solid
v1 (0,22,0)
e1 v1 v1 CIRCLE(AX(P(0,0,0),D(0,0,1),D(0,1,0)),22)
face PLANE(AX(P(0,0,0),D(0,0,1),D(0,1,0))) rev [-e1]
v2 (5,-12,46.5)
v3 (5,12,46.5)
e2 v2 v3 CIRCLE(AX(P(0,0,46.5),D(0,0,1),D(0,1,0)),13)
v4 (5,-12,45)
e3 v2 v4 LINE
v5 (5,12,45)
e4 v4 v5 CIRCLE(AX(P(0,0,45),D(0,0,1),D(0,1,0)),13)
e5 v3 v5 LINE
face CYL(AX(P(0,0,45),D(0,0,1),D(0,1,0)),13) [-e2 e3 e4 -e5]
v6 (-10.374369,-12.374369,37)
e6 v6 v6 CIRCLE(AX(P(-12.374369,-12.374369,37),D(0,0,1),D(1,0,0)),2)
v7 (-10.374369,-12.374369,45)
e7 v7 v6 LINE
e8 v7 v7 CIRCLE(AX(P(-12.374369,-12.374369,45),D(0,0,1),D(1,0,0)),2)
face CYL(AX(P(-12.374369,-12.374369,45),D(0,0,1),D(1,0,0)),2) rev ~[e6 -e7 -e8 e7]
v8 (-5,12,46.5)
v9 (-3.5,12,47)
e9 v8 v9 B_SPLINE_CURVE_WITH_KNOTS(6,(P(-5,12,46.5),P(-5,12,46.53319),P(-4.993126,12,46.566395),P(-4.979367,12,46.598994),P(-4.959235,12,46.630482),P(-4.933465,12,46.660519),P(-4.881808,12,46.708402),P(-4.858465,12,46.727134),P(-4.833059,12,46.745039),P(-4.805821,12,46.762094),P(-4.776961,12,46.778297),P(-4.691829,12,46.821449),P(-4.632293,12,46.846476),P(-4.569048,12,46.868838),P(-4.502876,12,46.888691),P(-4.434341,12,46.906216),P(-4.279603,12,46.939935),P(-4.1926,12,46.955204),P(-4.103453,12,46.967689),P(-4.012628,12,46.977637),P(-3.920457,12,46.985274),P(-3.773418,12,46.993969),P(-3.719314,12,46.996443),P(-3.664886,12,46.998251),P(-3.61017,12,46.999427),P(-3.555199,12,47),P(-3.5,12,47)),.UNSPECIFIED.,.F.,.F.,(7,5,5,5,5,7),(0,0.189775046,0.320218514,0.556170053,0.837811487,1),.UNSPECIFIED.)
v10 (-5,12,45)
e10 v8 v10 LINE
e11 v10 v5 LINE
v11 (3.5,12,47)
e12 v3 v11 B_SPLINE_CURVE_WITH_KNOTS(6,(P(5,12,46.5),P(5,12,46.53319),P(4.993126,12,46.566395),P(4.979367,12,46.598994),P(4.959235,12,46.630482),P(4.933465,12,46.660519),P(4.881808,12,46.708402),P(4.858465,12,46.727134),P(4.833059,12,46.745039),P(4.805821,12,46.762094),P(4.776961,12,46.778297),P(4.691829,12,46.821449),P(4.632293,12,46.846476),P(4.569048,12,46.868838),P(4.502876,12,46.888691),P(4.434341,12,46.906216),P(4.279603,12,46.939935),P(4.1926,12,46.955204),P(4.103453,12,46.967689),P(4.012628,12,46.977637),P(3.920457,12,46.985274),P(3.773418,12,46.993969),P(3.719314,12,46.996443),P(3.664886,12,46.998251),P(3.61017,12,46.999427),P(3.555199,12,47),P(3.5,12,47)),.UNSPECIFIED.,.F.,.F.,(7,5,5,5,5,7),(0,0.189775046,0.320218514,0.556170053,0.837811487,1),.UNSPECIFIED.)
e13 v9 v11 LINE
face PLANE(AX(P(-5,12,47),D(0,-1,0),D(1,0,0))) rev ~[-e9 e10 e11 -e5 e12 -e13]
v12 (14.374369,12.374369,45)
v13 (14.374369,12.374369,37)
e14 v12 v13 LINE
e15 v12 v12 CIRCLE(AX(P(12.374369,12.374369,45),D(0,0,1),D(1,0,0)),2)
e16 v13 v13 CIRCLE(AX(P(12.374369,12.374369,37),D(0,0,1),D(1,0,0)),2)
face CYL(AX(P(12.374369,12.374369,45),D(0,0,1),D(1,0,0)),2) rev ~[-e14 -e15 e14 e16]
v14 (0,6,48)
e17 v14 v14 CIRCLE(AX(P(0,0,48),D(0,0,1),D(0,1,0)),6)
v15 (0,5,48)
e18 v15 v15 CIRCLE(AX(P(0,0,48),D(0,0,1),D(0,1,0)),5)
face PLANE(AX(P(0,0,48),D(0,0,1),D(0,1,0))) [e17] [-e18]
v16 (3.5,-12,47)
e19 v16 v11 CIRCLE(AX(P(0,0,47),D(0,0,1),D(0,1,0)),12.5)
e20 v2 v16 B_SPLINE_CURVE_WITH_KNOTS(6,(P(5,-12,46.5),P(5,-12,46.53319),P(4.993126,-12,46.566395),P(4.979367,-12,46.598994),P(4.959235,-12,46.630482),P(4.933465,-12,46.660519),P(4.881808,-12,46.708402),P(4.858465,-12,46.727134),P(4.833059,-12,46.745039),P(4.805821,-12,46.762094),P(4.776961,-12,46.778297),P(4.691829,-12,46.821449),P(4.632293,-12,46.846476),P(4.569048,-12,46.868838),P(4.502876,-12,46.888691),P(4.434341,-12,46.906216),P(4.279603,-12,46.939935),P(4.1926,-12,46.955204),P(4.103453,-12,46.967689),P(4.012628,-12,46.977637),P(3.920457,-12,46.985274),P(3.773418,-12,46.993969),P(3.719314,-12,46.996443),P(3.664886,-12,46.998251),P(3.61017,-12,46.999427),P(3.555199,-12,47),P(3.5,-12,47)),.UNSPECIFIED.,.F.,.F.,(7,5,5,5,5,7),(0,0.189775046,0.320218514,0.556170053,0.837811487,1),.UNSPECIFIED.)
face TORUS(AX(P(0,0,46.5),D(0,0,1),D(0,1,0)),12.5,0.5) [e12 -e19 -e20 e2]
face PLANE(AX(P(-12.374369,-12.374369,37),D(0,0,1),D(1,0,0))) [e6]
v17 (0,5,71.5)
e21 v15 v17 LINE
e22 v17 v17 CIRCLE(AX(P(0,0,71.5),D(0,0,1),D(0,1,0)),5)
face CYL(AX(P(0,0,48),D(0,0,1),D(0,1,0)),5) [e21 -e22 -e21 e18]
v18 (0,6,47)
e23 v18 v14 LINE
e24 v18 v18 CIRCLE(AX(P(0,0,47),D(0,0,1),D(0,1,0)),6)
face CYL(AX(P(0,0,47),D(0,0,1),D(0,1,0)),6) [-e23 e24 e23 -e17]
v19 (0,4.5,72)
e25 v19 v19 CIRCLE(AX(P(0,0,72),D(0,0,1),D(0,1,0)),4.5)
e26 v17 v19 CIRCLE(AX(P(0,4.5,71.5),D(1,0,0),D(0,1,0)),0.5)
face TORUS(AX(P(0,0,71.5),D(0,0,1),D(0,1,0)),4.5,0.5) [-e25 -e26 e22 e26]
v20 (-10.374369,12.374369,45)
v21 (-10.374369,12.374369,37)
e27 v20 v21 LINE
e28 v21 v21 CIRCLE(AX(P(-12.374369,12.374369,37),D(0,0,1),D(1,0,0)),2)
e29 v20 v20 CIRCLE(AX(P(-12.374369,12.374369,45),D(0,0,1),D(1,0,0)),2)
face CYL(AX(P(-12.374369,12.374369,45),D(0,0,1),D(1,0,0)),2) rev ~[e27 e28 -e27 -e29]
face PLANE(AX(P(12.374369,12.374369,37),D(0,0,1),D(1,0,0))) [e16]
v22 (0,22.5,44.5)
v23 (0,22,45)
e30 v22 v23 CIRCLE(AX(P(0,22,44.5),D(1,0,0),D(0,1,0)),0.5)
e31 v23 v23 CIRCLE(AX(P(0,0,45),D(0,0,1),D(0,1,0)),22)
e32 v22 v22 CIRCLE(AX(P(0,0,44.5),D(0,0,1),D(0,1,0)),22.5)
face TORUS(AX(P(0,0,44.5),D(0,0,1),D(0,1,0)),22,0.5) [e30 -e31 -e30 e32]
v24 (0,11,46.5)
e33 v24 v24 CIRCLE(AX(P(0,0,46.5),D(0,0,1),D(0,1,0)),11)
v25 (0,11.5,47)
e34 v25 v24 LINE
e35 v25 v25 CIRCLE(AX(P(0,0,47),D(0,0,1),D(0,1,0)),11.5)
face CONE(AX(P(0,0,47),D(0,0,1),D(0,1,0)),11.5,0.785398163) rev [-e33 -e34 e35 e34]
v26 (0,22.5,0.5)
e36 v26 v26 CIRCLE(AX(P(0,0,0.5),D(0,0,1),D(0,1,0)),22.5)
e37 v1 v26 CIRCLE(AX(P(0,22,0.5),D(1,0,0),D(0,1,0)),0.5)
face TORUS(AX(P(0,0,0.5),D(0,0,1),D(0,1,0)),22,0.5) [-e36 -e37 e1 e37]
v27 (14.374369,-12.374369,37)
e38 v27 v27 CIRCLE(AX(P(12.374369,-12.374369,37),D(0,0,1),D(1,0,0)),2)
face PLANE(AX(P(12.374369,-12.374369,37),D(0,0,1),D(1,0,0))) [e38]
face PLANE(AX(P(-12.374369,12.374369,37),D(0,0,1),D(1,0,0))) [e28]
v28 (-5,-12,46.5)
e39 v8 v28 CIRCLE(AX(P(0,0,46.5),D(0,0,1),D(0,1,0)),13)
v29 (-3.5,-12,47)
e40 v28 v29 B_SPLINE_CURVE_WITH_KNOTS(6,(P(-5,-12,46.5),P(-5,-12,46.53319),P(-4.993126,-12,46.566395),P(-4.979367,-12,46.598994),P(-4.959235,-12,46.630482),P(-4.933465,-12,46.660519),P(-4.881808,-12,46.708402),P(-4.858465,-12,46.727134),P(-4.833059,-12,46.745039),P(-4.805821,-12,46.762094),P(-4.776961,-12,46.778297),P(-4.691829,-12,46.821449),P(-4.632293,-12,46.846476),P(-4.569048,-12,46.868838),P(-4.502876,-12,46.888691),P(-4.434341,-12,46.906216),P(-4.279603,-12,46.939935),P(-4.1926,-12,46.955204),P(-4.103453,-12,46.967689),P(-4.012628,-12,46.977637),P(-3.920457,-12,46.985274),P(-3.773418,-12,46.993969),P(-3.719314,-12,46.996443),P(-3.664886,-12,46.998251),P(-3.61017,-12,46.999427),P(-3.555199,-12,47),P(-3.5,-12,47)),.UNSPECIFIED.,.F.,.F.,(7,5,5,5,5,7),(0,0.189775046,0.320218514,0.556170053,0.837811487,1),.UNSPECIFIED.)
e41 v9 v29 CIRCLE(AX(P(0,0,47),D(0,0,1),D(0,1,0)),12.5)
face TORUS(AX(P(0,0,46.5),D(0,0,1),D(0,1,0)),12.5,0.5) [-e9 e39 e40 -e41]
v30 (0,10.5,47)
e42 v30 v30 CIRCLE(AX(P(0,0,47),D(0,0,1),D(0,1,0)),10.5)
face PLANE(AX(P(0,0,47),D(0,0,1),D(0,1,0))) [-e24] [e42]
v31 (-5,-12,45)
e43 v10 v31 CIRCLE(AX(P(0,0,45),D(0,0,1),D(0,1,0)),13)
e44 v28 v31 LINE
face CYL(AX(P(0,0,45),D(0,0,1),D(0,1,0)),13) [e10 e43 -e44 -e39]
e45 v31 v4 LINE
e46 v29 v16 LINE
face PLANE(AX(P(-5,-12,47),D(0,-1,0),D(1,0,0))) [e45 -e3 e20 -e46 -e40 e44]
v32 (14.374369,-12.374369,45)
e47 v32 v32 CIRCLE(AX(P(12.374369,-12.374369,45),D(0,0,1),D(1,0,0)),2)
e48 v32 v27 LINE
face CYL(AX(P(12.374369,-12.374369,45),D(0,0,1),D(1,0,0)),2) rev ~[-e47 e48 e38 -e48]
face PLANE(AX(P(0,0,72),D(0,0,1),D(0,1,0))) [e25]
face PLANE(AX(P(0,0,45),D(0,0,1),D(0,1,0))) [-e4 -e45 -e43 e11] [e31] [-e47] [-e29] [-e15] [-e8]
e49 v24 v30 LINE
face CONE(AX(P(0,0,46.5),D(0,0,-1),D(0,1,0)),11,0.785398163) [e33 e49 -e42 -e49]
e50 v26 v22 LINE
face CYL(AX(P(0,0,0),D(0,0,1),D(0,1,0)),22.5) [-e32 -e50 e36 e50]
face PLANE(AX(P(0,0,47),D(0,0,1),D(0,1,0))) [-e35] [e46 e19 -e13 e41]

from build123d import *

# Parameters (mm, degrees)
FILLET1_R          = 0.5
CUT_EXTRUDE1_DEPTH = 2
SKETCH4_R          = 2
CUT_EXTRUDE2_DEPTH = 8


with BuildPart() as part:
    # Sketch1 → Revolve1 (revolve)
    with BuildSketch(Plane(origin=(0, 0, 0), x_dir=(0, 0, -1), z_dir=(1, 0, 0))):
        Polygon((0, 0), (0, 22.5), (-45, 22.5), (-45, 13), (-47, 13), (-47, 11.5), (-46.5, 11), (-47, 10.5), (-47, 6), (-48, 6), (-48, 5), (-72, 5), (-72, 0), align=None)
    revolve(axis=Axis((0, 0, 0), (0, 0, 1)))

    # Fillet1
    fillet1_edges = [part.edges().sort_by_distance(p)[0] for p in [
        (0, -5, 72),
        (0, -13, 47),
        (0, -22.5, 45),
        (0, -22.5, 0),
    ]]
    fillet(fillet1_edges, radius=FILLET1_R)

    # Sketch3 → Cut-Extrude1 (cut)
    with BuildSketch(Plane.XY.offset(47)):
        with BuildLine():
            Line((-5, 12), (5, 12))
            ThreePointArc((5, 12), (0, 13), (-5, 12))
        make_face()
        with BuildLine():
            Line((-5, -12), (5, -12))
            ThreePointArc((5, -12), (0, -13), (-5, -12))
        make_face()
    extrude(amount=-CUT_EXTRUDE1_DEPTH, mode=Mode.SUBTRACT)

    # Sketch4 → Cut-Extrude2 (cut)
    with BuildSketch(Plane.XY.offset(45)):
        with Locations((-12.374368671, 12.374368671)):
            Circle(SKETCH4_R)
        with Locations((12.374368671, 12.374368671)):
            Circle(SKETCH4_R)
        with Locations((12.374368671, -12.374368671)):
            Circle(SKETCH4_R)
        with Locations((-12.374368671, -12.374368671)):
            Circle(SKETCH4_R)
    extrude(amount=-CUT_EXTRUDE2_DEPTH, mode=Mode.SUBTRACT)


solid = part.part
